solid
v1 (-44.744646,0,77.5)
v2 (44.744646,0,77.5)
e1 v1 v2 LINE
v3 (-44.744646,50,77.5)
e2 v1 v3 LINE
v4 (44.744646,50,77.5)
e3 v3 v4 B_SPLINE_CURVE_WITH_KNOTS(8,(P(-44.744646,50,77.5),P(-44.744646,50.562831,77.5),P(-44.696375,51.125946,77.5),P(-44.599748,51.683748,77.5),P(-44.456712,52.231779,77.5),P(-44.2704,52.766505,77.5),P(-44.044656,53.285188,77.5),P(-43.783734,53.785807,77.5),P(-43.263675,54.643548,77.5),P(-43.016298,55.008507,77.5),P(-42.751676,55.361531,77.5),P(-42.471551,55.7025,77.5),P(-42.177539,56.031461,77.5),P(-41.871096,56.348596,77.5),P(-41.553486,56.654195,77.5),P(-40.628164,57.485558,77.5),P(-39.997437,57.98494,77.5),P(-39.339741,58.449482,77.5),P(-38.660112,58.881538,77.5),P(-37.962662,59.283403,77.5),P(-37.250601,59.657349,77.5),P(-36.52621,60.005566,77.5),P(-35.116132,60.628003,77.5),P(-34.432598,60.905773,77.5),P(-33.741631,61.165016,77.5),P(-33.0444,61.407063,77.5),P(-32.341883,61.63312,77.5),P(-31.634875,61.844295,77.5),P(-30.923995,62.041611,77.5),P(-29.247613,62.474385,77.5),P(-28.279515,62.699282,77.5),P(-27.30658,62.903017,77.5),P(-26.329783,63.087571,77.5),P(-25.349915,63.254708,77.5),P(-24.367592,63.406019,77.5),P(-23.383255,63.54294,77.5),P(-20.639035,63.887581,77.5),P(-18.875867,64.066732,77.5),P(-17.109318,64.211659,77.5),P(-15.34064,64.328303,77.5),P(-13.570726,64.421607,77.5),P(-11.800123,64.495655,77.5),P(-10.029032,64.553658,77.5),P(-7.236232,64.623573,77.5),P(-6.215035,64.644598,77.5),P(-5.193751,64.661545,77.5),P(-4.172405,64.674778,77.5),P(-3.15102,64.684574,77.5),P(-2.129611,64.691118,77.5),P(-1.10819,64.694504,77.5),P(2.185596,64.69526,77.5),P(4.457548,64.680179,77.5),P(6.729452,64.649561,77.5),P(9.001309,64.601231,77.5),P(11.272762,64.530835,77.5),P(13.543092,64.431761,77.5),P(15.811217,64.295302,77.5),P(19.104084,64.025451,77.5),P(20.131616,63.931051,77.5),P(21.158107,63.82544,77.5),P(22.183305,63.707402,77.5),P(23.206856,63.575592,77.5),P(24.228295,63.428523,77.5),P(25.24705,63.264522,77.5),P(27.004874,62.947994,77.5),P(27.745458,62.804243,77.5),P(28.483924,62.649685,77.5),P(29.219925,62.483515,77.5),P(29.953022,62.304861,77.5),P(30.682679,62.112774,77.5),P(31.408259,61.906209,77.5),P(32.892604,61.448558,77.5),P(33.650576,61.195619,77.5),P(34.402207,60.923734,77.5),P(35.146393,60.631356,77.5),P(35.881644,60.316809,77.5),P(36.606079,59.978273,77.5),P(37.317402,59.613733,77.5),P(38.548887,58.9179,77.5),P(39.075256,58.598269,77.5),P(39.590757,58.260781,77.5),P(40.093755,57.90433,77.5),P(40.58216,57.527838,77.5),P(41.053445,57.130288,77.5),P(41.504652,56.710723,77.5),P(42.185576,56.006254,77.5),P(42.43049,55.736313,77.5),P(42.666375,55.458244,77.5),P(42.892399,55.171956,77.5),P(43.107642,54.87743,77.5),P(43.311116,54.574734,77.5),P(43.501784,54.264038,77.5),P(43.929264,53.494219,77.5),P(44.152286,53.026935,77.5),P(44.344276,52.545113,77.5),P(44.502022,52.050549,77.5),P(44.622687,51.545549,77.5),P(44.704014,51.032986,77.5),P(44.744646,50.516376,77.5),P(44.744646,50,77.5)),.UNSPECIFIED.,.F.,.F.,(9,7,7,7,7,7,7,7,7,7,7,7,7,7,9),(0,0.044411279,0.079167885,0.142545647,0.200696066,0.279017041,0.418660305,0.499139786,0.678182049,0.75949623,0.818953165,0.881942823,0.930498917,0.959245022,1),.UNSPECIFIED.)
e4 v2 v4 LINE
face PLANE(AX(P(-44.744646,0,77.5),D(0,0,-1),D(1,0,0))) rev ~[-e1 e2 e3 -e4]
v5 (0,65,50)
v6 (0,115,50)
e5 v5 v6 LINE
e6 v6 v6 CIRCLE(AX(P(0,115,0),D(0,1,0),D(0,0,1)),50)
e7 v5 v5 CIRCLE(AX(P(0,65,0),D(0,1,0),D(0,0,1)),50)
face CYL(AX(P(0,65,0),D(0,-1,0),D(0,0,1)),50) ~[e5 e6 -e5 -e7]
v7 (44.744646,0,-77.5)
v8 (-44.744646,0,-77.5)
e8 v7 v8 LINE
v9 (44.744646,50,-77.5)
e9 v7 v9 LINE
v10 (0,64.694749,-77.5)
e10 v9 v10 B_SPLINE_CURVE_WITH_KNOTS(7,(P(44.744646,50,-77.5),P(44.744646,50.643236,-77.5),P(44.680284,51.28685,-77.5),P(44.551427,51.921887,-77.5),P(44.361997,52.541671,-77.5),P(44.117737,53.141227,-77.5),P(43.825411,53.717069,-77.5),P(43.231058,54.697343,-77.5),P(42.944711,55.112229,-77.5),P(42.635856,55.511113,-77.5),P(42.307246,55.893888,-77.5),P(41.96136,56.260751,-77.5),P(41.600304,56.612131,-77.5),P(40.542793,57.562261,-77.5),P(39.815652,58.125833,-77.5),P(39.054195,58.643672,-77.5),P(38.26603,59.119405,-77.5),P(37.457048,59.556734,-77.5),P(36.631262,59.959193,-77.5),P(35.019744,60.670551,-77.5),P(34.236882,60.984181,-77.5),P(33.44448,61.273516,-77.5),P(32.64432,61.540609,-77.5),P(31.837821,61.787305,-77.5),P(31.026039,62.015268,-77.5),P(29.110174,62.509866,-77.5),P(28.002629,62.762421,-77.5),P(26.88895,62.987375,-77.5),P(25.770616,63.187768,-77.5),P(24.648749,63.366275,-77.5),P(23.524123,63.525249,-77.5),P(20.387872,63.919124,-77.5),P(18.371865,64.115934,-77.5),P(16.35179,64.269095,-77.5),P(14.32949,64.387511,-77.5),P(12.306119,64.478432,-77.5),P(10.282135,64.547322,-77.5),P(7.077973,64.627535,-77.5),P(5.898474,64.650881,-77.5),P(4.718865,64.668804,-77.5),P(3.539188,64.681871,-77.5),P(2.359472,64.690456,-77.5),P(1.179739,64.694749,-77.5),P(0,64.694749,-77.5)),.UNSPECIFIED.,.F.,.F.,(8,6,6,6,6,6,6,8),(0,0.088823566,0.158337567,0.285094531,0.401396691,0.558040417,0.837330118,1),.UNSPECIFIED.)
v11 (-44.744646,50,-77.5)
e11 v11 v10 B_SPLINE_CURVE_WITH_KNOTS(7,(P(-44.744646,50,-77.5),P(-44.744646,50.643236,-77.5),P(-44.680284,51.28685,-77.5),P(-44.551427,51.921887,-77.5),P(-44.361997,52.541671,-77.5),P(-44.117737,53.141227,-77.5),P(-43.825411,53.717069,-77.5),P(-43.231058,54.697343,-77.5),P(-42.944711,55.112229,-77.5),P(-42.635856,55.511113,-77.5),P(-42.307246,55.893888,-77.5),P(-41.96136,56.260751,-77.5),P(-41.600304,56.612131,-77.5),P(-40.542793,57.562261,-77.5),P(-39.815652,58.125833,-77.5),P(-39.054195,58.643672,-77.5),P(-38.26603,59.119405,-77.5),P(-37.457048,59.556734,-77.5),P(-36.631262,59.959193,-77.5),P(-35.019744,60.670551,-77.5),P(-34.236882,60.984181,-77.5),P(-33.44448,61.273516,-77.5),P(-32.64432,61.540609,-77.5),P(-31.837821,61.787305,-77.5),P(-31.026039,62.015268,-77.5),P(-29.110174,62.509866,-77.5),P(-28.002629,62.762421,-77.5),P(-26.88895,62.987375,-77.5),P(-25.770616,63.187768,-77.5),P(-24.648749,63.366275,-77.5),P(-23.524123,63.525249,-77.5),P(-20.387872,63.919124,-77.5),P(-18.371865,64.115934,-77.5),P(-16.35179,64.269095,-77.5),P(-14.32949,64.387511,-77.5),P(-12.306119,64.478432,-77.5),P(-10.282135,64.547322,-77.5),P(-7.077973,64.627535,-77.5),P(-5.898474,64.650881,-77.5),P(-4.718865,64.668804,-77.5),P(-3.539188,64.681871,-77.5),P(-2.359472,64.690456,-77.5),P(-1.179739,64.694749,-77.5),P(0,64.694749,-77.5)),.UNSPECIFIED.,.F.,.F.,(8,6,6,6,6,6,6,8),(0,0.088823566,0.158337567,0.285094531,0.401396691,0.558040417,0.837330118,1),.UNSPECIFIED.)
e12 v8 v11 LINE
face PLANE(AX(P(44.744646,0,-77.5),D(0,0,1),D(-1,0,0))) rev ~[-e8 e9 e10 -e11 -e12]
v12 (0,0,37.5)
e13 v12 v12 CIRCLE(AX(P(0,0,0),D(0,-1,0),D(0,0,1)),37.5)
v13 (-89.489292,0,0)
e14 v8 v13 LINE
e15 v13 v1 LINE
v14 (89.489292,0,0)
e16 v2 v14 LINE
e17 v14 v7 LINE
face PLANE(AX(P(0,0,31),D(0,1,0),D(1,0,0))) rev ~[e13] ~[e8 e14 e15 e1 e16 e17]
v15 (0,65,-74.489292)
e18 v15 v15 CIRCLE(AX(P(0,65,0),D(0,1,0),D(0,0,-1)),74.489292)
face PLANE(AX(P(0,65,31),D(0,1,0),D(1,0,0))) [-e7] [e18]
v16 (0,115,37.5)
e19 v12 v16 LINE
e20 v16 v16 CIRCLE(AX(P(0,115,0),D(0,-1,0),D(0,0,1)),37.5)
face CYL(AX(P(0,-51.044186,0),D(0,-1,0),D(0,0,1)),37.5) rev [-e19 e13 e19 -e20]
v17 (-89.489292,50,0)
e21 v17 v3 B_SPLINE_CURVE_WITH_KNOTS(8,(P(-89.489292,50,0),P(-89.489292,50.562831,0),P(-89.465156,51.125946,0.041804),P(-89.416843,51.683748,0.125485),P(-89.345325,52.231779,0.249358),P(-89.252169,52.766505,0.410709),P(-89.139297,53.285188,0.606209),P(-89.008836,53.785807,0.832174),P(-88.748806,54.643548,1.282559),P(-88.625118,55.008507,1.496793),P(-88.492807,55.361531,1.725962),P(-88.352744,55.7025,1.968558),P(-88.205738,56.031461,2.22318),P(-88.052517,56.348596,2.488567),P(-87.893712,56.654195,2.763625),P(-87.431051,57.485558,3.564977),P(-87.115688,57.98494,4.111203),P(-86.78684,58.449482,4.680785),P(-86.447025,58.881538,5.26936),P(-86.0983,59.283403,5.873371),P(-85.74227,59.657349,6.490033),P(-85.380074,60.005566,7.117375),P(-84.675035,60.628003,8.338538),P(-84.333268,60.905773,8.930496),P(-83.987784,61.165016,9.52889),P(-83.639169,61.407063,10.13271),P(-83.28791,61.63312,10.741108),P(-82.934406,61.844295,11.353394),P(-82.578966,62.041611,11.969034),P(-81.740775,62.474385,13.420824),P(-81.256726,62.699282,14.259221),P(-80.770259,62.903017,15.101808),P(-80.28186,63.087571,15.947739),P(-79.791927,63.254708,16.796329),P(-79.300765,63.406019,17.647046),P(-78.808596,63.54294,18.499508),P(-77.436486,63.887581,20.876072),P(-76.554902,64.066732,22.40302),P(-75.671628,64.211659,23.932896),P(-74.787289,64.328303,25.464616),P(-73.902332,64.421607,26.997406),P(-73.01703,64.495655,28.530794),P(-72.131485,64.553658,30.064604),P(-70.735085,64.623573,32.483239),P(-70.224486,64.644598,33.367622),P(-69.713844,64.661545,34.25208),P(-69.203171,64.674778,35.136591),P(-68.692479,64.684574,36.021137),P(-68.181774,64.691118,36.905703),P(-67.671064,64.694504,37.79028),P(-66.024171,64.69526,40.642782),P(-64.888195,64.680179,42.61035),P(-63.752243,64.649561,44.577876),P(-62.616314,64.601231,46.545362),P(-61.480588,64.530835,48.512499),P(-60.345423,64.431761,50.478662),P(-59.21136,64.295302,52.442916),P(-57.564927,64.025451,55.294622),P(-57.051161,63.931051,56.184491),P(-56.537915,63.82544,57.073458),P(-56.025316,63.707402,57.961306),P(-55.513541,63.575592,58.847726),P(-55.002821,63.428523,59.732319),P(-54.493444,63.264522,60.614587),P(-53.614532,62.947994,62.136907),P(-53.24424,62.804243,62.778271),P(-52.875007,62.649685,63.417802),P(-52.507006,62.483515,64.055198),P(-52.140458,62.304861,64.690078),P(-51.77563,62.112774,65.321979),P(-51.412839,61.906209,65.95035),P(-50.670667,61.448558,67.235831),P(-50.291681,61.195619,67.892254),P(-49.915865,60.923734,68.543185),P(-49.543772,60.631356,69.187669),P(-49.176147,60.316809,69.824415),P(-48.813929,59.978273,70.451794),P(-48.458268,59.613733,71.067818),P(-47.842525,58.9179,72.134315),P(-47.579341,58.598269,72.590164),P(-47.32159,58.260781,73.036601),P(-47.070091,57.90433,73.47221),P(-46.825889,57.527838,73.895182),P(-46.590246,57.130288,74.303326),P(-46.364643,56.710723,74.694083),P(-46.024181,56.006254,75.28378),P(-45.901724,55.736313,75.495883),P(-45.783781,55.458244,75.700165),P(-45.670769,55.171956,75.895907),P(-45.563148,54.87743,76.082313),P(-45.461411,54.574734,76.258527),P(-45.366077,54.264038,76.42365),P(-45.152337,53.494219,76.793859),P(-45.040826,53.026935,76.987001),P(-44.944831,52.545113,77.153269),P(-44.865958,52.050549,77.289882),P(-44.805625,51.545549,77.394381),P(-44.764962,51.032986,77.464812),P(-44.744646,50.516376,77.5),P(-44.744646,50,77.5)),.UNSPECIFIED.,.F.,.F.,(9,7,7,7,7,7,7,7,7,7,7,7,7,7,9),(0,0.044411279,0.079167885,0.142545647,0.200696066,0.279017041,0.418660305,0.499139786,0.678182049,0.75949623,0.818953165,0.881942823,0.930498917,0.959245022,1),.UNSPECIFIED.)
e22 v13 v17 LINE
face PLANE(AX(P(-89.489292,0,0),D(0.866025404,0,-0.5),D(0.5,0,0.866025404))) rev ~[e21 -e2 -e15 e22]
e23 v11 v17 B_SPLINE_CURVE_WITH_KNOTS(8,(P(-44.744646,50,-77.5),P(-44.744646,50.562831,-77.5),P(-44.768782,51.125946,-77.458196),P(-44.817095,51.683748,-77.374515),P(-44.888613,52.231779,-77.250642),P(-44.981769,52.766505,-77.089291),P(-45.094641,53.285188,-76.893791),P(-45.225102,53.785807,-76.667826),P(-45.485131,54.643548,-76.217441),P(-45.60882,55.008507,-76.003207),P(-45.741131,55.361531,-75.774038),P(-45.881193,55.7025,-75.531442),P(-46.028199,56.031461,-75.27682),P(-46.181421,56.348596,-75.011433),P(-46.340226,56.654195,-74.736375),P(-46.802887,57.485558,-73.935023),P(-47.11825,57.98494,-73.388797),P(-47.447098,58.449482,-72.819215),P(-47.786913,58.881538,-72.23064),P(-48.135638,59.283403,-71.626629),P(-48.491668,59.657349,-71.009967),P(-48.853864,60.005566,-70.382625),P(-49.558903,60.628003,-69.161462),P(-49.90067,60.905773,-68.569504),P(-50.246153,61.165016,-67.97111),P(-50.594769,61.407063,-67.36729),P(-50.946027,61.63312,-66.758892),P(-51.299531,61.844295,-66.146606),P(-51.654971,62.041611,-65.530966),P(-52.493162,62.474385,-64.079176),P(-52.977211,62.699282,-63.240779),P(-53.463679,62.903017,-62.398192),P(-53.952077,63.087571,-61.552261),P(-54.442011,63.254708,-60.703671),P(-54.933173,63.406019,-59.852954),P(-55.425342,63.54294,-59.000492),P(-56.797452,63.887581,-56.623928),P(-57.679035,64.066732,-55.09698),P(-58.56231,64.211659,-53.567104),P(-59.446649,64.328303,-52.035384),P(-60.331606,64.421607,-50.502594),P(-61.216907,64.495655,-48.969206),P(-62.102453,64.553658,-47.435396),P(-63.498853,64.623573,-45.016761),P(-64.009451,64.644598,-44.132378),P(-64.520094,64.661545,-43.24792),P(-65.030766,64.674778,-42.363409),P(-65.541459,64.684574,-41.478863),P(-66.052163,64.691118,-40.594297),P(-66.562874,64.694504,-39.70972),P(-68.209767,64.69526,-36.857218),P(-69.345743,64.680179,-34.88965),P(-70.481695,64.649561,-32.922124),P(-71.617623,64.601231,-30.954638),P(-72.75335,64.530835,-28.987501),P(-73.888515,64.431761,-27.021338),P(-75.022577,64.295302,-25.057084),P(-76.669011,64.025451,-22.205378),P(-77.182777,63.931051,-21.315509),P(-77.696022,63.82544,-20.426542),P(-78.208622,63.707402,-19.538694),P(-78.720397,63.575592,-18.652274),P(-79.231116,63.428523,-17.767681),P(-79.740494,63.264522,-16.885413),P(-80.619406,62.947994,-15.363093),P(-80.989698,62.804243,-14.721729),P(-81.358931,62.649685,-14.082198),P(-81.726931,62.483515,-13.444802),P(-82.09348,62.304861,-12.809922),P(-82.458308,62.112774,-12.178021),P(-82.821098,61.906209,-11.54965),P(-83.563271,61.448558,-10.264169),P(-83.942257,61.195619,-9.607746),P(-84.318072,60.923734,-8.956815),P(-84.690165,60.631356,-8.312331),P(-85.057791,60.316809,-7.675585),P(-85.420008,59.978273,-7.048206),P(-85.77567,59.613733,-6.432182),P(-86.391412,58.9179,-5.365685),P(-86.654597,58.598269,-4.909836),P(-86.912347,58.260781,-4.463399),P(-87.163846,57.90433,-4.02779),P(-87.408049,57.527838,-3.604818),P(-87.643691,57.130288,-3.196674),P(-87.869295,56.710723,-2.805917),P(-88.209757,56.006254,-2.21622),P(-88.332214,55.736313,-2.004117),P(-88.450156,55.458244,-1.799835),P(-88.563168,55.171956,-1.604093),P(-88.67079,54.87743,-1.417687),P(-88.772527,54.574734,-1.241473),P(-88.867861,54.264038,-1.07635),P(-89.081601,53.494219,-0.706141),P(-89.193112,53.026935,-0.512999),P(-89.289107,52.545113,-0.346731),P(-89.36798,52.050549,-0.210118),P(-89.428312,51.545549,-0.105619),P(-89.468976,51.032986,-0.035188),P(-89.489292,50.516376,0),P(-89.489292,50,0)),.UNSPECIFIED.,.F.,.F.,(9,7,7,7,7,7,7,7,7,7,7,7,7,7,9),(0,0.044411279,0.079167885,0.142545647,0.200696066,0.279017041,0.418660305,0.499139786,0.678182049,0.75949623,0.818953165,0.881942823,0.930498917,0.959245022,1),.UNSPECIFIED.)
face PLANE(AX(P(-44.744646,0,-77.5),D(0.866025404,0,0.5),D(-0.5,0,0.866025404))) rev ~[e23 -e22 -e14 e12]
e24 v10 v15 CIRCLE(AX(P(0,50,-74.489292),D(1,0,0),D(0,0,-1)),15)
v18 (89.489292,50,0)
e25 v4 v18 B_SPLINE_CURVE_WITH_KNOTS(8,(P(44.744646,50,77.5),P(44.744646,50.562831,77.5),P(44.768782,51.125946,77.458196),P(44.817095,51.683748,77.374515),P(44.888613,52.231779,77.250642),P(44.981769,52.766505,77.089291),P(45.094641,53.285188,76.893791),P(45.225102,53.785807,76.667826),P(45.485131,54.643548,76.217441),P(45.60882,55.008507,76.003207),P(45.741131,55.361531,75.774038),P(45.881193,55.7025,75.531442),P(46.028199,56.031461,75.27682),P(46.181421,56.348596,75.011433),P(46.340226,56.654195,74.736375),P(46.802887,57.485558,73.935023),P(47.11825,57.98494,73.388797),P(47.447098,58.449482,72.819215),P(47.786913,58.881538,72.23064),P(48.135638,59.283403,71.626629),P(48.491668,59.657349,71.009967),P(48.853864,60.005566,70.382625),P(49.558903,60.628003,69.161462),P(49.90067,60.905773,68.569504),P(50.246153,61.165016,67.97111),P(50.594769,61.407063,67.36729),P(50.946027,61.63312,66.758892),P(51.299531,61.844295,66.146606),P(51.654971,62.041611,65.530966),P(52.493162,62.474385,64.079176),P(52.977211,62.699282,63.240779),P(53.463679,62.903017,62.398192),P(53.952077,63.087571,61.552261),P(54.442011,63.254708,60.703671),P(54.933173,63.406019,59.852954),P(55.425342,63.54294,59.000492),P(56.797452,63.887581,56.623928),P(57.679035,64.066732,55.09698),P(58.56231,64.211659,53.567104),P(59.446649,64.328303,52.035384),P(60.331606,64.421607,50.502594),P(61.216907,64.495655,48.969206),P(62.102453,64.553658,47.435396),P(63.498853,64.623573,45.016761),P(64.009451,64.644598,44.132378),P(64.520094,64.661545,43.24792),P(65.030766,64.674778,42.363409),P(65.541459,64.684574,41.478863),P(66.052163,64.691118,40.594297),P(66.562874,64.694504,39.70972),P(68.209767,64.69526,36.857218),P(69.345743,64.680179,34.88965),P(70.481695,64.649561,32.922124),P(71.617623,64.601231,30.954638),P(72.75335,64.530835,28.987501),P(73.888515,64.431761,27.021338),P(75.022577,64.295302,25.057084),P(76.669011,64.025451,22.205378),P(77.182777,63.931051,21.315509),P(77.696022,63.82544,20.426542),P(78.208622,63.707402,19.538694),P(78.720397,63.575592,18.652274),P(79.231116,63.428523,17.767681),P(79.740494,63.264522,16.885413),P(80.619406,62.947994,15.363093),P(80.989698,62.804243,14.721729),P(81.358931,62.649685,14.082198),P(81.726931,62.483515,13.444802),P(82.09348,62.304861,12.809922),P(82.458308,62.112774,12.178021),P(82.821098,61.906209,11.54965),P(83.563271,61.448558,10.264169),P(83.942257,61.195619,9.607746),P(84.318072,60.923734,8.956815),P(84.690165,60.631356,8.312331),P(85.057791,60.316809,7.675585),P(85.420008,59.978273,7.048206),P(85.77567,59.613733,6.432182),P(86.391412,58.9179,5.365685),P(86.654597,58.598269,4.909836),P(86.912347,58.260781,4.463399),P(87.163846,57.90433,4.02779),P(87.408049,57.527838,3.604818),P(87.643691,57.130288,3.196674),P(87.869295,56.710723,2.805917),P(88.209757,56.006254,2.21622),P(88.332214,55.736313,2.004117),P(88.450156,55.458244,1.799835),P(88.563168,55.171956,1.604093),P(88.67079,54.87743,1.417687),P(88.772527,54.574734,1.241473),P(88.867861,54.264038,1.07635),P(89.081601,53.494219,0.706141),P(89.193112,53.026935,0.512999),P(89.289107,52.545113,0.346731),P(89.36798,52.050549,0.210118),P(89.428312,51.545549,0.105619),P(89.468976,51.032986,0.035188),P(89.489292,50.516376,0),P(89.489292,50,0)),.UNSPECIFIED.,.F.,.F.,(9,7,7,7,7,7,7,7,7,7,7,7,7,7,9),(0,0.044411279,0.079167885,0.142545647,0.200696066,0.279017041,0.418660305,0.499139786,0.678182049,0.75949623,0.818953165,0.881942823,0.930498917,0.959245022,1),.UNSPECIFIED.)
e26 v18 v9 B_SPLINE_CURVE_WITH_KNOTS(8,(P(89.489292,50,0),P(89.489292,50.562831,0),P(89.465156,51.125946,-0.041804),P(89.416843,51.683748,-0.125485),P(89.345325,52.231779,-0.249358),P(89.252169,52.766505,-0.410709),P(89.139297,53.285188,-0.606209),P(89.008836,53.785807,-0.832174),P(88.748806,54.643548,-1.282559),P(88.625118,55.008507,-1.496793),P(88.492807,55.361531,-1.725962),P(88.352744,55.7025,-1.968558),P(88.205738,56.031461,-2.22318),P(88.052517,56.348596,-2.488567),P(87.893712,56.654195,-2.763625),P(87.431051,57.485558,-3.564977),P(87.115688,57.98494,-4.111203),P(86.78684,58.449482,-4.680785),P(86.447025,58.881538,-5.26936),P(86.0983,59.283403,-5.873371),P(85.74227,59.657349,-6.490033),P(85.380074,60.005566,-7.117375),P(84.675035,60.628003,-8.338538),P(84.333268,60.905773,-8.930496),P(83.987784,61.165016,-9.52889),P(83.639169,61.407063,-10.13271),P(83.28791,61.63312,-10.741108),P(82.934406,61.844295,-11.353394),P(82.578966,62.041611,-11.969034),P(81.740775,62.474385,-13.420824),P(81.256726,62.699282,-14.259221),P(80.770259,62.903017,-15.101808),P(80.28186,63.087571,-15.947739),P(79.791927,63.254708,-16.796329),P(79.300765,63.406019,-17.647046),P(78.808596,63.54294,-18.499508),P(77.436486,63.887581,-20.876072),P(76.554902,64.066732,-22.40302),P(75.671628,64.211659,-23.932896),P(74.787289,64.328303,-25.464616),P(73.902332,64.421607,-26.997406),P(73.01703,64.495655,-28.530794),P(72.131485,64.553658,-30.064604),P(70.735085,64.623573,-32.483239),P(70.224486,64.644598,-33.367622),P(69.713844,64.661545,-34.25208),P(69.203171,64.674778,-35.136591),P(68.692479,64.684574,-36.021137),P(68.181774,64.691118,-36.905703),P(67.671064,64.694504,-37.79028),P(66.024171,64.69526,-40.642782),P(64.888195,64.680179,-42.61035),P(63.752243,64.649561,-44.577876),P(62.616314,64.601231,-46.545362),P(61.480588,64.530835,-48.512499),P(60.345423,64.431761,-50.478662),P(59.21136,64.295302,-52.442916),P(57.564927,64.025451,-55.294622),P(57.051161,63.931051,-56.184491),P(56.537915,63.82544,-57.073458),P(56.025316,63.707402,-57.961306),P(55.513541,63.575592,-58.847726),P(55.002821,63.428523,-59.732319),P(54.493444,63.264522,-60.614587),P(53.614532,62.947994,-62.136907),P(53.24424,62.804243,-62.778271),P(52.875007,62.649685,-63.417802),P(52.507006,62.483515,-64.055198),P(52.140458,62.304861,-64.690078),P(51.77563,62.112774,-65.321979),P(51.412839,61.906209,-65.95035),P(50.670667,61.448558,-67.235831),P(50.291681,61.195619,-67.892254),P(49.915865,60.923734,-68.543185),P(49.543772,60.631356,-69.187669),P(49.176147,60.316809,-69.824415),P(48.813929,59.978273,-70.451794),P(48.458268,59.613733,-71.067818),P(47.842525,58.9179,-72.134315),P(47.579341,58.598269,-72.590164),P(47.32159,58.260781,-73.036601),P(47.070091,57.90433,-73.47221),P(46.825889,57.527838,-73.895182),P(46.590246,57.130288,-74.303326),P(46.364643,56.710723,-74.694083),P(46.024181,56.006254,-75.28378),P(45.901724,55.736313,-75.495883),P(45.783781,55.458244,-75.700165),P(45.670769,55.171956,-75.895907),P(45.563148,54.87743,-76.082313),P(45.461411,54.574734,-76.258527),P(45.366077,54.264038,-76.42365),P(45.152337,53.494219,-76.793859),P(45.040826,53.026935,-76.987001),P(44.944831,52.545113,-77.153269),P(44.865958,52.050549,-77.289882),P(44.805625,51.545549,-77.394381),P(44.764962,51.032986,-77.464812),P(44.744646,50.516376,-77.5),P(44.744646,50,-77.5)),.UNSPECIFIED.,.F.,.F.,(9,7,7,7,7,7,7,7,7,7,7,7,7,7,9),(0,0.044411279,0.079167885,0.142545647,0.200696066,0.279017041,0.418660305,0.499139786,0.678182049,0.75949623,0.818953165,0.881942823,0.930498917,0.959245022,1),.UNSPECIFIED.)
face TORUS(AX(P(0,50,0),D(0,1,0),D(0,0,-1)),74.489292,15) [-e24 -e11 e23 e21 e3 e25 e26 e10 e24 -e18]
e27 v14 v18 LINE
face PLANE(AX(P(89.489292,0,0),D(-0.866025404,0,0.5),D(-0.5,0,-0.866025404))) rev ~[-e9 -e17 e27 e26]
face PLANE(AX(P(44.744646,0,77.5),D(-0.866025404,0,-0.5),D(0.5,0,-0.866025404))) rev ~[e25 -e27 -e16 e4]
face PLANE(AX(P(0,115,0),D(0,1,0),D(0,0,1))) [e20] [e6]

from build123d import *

# Parameters (mm, degrees)
BOSS_EXTRUDE1_DEPTH     = 65
SKETCH4_R               = 50
BOSS_EXTRUDE2_DEPTH     = 50
CUT_EXTRUDE1_DEPTH      = 166.044186174
CUT_EXTRUDE1_DEPTH_BACK = 166.044186174
SKETCH5_R               = 37.5


with BuildPart() as part:
    # Sketch1 → Boss-Extrude1 (new body)
    with BuildSketch(Plane(origin=(0, 0, 0), x_dir=(1, 0, 0), z_dir=(0, 1, 0))):
        Polygon((-44.744645862, -77.5), (44.744645862, -77.5), (89.489291724, 0), (-89.489291724, 0), align=None)
        Polygon((-89.489291724, 0), (89.489291724, 0), (44.744645862, 77.5), (-44.744645862, 77.5), align=None)
    extrude(amount=BOSS_EXTRUDE1_DEPTH)

    # Sketch2 → Cut-Revolve1 (revolve, cut)
    with BuildSketch(Plane.XY, mode=Mode.PRIVATE) as cut_revolve1_sk:
        with BuildLine():
            Line((74.489291724, 65), (74.489291724, 71.033853329))
            Line((74.489291724, 71.033853329), (95.90922918, 71.033853329))
            Line((95.90922918, 71.033853329), (95.90922918, 50))
            Line((95.90922918, 50), (89.489291724, 50))
            ThreePointArc((89.489291724, 50), (85.095893442, 60.606601718), (74.489291724, 65))
        make_face()
    revolve(cut_revolve1_sk.sketch.rotate(Axis((0, 0, 0), (0, 1, 0)), 90), axis=Axis((0, 0, 0), (0, 1, 0)), mode=Mode.SUBTRACT)

    # Sketch4 → Boss-Extrude2 (add)
    with BuildSketch(Plane(origin=(0, 65, 0), x_dir=(1, 0, 0), z_dir=(0, 1, 0))):
        with Locations(Location((0, 0, 0), (0, 0, 270))):
            Circle(SKETCH4_R)
    extrude(amount=BOSS_EXTRUDE2_DEPTH)

    # Sketch5 → Cut-Extrude1 (cut, two sides: drawn at the far end of the back side and taken through both)
    with BuildSketch(Plane(origin=(0, 115, 0), x_dir=(1, 0, 0), z_dir=(0, 1, 0)).offset(-CUT_EXTRUDE1_DEPTH_BACK)):
        with Locations(Location((0, 0, 0), (0, 0, 270))):
            Circle(SKETCH5_R)
    extrude(amount=CUT_EXTRUDE1_DEPTH + CUT_EXTRUDE1_DEPTH_BACK, mode=Mode.SUBTRACT)


solid = part.part
